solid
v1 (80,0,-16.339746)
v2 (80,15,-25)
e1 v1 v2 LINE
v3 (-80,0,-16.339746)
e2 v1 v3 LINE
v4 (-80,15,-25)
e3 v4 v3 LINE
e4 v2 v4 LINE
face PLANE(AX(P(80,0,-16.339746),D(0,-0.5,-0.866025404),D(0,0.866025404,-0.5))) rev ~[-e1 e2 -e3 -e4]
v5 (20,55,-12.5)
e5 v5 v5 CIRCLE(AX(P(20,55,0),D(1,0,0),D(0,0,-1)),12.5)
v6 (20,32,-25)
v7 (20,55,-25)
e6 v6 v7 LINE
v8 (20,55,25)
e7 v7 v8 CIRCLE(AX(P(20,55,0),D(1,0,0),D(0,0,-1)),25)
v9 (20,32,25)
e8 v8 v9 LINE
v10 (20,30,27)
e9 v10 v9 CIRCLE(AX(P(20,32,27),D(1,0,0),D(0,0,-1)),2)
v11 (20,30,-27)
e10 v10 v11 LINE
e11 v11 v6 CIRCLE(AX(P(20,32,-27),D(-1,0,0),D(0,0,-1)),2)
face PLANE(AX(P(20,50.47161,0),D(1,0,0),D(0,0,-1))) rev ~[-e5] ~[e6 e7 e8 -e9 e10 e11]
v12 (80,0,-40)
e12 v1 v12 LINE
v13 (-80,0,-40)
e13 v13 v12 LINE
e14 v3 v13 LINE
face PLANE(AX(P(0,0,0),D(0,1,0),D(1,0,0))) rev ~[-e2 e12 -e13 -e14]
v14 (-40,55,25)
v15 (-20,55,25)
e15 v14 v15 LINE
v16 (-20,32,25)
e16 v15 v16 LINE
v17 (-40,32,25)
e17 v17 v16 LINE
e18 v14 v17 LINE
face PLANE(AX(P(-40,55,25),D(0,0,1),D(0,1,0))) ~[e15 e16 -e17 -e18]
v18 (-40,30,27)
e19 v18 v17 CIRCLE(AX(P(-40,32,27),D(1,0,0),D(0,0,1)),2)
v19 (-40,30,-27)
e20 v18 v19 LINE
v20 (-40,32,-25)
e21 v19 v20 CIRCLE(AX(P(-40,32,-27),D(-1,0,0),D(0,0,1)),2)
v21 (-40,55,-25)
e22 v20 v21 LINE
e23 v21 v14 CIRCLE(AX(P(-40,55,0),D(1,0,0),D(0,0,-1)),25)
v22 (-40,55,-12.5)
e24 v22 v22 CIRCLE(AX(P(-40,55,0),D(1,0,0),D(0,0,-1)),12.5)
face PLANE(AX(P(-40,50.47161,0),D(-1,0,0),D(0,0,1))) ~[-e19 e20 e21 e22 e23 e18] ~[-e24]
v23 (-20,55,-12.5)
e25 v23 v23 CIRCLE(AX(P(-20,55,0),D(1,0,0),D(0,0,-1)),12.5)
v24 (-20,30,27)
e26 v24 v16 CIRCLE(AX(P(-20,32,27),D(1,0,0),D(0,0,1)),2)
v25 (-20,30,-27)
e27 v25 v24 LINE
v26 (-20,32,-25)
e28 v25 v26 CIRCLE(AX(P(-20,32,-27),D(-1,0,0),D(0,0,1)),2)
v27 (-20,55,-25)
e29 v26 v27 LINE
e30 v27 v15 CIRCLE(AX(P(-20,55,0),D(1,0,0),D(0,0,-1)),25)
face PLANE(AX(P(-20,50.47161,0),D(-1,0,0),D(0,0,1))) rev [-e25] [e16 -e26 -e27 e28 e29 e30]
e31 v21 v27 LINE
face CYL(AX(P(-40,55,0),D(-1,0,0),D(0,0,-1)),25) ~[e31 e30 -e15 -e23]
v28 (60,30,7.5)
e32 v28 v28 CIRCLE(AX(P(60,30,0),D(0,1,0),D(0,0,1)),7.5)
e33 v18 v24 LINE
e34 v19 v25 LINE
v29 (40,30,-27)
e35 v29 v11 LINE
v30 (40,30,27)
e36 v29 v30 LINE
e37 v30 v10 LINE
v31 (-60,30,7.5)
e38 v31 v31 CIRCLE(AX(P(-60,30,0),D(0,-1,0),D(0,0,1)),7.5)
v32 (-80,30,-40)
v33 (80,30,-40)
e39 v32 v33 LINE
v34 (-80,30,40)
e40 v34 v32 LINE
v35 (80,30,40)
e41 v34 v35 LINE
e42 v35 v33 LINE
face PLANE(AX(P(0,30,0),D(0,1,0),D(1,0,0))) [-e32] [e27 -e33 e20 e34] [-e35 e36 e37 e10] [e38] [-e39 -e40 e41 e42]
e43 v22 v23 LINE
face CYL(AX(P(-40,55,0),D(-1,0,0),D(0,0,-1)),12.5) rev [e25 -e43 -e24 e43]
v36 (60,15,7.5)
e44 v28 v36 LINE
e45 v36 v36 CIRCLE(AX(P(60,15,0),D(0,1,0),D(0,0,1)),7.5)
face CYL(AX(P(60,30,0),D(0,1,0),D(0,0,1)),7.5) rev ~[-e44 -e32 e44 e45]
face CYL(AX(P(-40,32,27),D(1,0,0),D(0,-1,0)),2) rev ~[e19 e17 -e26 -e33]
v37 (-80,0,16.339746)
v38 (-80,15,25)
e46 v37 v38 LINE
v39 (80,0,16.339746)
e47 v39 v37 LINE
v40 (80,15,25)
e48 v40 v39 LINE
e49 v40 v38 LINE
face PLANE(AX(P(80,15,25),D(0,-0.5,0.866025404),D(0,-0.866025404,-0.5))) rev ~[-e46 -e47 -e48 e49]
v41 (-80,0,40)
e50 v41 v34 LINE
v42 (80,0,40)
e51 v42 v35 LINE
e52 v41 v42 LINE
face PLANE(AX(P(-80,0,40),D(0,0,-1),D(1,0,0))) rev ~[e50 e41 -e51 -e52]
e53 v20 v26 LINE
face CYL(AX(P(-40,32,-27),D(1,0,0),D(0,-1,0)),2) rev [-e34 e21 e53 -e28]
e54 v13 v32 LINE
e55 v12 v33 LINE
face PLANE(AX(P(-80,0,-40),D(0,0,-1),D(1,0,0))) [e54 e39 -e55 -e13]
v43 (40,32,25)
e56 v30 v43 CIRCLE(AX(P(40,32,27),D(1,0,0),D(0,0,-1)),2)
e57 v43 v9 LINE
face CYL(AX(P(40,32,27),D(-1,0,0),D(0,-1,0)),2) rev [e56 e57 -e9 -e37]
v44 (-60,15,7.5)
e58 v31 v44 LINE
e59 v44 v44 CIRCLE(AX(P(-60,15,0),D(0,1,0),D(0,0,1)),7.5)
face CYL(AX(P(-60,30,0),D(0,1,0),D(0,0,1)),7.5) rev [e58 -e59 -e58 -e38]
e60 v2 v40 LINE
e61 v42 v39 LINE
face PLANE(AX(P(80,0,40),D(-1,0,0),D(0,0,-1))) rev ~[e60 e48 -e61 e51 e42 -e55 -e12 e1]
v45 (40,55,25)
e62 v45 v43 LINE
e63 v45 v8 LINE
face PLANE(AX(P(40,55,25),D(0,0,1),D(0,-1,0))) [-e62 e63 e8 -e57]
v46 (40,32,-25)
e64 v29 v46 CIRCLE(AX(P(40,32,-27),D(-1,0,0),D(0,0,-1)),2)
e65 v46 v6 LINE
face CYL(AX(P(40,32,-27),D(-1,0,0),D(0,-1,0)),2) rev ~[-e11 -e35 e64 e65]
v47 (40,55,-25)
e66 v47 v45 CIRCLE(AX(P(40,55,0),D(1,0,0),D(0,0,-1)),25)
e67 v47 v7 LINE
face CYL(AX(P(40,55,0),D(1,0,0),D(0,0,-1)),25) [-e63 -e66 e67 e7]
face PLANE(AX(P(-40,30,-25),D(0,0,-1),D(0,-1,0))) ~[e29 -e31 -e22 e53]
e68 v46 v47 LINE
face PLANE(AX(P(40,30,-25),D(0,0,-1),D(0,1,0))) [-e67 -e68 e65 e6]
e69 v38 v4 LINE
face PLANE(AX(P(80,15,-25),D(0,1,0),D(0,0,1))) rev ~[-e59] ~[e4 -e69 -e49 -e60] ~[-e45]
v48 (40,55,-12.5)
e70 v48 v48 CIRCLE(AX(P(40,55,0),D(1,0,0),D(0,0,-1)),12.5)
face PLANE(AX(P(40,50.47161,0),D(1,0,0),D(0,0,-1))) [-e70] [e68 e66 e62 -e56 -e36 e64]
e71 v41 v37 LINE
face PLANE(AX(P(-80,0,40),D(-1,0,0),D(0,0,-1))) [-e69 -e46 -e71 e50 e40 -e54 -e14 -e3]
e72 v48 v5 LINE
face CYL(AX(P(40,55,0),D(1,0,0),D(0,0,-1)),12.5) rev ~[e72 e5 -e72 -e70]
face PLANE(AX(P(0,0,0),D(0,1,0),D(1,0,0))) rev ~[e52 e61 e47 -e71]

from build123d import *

# Parameters (mm, degrees)
SKETCH2_W           = 160
SKETCH2_H           = 80
BOSS_EXTRUDE1_DEPTH = 30
CUT_EXTRUDE1_DEPTH  = 168.630546142
SKETCH4_R           = 7.5
CUT_EXTRUDE2_DEPTH  = 95.339811321
BOSS_EXTRUDE2_START = -40
SKETCH5_R           = 12.5
BOSS_EXTRUDE2_DEPTH = 20
FILLET1_R           = 2


with BuildPart() as part:
    # Sketch2 → Boss-Extrude1 (new body)
    with BuildSketch(Plane(origin=(0, 0, 0), x_dir=(1, 0, 0), z_dir=(0, 1, 0))):
        Rectangle(SKETCH2_W, SKETCH2_H)
    extrude(amount=BOSS_EXTRUDE1_DEPTH)

    # Sketch3 → Cut-Extrude1 (cut, through all)
    with BuildSketch(Plane(origin=(80, 0, 0), x_dir=(0, 0, -1), z_dir=(1, 0, 0))):
        Polygon((-25, 15), (-16.339745962, 0), (16.339745962, 0), (25, 15), align=None)
    extrude(amount=-CUT_EXTRUDE1_DEPTH, mode=Mode.SUBTRACT)

    # Sketch4 → Cut-Extrude2 (cut, through all)
    with BuildSketch(Plane(origin=(0, 30, 0), x_dir=(1, 0, 0), z_dir=(0, 1, 0))):
        with Locations(Location((60, 0, 0), (0, 0, 270))):
            Circle(SKETCH4_R)
    cut_extrude2 = extrude(amount=-CUT_EXTRUDE2_DEPTH, mode=Mode.SUBTRACT)

    # Sketch5 → Boss-Extrude2 (add)
    with BuildSketch(Plane(origin=(80, 0, 0), x_dir=(0, 0, -1), z_dir=(1, 0, 0)).offset(BOSS_EXTRUDE2_START)):
        with BuildLine():
            ThreePointArc((25, 55), (0, 80), (-25, 55))
            Line((-25, 55), (-25, 30))
            Line((-25, 30), (25, 30))
            Line((25, 30), (25, 55))
        make_face()
        with Locations((0, 55)):
            Circle(SKETCH5_R, mode=Mode.SUBTRACT)
    boss_extrude2 = extrude(amount=-BOSS_EXTRUDE2_DEPTH)

    # Mirror1: Cut-Extrude2, Boss-Extrude2 across plane
    add(cut_extrude2.mirror(Plane(origin=(0, 0, 0), x_dir=(0, 0, 1), z_dir=(1, 0, 0))), mode=Mode.SUBTRACT)
    add(boss_extrude2.mirror(Plane(origin=(0, 0, 0), x_dir=(0, 0, 1), z_dir=(1, 0, 0))))

    # Fillet1
    fillet1_edges = [part.edges().sort_by_distance(p)[0] for p in [
        (30, 30, -25),
        (30, 30, 25),
        (-30, 30, 25),
        (-30, 30, -25),
    ]]
    fillet(fillet1_edges, radius=FILLET1_R)


solid = part.part
